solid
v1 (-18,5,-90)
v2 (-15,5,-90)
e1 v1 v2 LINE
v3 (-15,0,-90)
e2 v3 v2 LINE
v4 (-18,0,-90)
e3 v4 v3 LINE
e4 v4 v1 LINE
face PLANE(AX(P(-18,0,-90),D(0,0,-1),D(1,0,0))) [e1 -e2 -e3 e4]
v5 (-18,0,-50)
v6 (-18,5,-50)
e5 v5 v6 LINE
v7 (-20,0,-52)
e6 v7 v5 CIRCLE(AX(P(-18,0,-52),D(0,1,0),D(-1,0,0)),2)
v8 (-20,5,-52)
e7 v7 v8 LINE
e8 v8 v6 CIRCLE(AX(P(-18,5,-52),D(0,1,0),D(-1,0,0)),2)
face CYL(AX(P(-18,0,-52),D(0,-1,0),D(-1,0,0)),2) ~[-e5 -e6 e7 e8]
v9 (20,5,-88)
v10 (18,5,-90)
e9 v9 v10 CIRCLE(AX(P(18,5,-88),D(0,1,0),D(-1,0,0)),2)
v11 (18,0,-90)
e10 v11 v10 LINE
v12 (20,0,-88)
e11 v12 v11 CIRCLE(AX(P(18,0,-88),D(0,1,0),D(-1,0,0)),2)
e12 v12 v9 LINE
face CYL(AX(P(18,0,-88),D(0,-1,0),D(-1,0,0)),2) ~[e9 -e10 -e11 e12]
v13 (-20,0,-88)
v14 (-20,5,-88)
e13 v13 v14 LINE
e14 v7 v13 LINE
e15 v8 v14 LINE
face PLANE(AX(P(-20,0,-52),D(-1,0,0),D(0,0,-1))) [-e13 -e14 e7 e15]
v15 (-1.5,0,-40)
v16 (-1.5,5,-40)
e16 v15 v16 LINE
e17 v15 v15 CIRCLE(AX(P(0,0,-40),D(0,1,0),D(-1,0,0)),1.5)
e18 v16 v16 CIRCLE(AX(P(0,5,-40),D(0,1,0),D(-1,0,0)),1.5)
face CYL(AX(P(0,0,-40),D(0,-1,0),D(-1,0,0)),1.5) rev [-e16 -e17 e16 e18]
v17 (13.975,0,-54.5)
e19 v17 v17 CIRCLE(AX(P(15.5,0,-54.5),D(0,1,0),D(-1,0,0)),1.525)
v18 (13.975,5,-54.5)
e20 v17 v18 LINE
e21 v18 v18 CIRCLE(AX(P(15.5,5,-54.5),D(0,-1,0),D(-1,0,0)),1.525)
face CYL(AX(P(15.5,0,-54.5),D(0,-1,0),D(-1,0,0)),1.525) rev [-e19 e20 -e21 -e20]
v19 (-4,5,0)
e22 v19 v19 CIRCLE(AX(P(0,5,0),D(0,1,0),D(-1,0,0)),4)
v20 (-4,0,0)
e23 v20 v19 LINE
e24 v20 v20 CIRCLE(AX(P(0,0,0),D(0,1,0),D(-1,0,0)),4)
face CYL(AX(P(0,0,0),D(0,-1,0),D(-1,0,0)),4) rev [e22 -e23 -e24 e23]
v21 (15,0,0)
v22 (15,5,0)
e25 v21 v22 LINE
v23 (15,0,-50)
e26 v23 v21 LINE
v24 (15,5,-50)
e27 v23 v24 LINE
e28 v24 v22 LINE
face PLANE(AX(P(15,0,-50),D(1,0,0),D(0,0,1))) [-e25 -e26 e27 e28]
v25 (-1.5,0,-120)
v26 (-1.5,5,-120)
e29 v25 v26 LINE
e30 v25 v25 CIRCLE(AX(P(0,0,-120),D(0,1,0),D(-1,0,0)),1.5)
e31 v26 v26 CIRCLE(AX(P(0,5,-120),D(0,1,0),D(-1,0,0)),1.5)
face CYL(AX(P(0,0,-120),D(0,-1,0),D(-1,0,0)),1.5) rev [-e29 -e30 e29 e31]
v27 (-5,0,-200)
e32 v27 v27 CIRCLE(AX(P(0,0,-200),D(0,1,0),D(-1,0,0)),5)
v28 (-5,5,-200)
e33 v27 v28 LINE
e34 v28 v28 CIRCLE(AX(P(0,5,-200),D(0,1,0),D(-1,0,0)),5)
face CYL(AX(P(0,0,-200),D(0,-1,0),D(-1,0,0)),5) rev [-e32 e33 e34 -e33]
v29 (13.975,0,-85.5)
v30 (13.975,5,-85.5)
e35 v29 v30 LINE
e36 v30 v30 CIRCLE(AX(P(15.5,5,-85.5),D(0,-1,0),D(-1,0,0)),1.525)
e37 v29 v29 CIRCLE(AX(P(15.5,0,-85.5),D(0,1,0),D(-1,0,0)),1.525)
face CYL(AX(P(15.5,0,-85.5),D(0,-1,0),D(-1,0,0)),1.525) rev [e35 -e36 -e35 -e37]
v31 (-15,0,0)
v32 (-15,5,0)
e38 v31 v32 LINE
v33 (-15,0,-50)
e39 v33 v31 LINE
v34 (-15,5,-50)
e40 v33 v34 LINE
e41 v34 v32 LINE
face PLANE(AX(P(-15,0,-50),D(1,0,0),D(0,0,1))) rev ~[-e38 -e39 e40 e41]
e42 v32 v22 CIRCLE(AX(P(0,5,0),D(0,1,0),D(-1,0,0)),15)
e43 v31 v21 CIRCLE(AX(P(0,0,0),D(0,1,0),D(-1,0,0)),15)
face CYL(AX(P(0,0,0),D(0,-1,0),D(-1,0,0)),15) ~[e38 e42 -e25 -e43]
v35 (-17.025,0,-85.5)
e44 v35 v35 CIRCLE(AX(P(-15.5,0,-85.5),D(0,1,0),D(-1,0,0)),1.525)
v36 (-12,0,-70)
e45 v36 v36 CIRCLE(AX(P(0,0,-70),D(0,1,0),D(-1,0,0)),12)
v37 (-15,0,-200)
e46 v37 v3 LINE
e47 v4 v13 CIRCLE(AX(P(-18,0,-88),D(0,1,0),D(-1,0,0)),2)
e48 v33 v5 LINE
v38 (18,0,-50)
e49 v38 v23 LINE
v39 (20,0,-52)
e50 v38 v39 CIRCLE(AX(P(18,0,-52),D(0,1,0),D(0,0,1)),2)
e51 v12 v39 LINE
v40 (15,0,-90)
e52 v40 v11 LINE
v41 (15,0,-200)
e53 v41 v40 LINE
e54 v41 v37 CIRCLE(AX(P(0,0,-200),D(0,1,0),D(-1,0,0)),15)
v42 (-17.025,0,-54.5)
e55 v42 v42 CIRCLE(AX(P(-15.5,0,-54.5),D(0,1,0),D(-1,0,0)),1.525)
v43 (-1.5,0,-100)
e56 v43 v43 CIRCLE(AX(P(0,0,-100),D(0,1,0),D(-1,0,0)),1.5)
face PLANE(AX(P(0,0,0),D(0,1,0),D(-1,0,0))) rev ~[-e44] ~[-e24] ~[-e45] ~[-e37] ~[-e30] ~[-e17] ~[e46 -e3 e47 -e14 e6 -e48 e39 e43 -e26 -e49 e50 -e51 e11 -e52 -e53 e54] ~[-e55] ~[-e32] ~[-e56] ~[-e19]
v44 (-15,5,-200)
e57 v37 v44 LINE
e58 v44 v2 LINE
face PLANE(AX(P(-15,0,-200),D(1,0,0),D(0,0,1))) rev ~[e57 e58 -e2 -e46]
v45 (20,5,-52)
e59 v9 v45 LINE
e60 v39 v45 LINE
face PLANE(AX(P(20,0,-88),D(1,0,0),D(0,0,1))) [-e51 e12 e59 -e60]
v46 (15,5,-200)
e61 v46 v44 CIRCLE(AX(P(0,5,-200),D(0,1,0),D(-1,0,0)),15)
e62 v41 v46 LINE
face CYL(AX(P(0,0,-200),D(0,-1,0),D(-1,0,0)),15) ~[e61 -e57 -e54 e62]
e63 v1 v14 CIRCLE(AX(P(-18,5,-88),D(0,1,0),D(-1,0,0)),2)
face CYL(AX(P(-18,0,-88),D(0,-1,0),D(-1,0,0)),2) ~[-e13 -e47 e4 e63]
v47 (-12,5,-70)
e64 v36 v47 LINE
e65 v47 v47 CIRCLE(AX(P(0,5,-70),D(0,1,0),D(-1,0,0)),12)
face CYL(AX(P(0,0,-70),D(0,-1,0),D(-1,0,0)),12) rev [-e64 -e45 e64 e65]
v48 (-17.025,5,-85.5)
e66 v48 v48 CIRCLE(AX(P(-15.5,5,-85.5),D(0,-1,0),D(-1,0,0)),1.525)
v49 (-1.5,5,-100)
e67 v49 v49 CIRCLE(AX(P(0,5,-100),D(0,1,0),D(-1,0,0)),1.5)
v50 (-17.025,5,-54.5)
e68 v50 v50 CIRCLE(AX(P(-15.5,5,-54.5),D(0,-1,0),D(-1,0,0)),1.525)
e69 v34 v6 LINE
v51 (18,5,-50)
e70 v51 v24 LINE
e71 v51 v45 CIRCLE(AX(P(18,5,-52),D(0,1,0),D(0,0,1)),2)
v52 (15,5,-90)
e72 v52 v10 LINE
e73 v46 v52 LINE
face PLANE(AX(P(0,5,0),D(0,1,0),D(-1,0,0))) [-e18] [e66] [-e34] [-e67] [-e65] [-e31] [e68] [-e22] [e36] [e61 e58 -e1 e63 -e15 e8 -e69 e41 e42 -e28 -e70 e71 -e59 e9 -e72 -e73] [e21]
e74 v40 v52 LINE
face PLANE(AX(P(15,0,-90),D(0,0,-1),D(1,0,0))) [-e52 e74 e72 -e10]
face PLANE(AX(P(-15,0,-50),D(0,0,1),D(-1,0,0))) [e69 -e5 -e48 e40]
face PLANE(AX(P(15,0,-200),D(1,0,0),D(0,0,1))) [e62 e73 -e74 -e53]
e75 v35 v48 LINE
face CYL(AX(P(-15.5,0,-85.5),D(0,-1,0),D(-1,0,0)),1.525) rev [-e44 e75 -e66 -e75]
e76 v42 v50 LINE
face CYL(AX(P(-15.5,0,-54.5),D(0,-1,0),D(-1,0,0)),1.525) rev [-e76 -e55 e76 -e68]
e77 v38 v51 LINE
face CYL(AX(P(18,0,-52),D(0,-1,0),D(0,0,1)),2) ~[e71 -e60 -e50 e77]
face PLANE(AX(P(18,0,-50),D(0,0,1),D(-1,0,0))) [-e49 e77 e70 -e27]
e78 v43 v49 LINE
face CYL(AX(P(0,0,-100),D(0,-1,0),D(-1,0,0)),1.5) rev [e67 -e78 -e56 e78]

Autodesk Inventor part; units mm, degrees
ref_plane "YZ Plane" through (0, 0, 0) normal (1, 0, 0) x (0, 1, 0)
ref_plane "XZ Plane" through (0, 0, 0) normal (0, 1, 0) x (-1, 0, 0)
ref_plane "XY Plane" through (0, 0, 0) normal (0, 0, 1) x (1, 0, 0)
sketch "Sketch1" plane through (0, 0, 0) normal (0, 1, 0) x (-1, 0, 0)
  circle A0 centre (0, 0) radius 15
  circle A1 centre (0, -200) radius 15
  line L0 (-15, -200) -> (-15, 0)
  line L1 (15, -200) -> (15, 0)
  line L2 (-18, -50) -> (18, -50)
  line L3 (20, -52) -> (20, -90)
  line L4 (20, -90) -> (-20, -90)
  line L5 (-20, -90) -> (-20, -52)
  line L6 (-20, -50) -> (20, -90) construction
  line L7 (20, -50) -> (-20, -90) construction
  circle A2 centre (-15.5, -85.5) radius 1.525
  circle A3 centre (-15.5, -54.5) radius 1.525
  circle A4 centre (15.5, -85.5) radius 1.525
  circle A5 centre (15.5, -54.5) radius 1.525
  circle A6 centre (0, -200) radius 5
  circle A7 centre (0, 0) radius 4
  circle A8 centre (0, -100) radius 1.5
  arc A9 (-18, -50) -> (-20, -52) centre (-18, -52) ccw
  arc A10 (20, -52) -> (18, -50) centre (18, -52) ccw
  circle A11 centre (-18, -88) radius 2
  circle A12 centre (18, -88) radius 2
  circle A13 centre (0, -70) radius 12
  circle A14 centre (0, -120) radius 1.5
  circle A15 centre (0, -40) radius 1.5
  point P0 (0, -90)
  point P1 (-15, -50)
  point P2 (-20, -88)
  point P3 (-18, -90)
  point P4 (-15, -90)
  point P5 (15, -90)
  point P6 (18, -90)
  point P7 (20, -88)
  point P8 (15, -50)
  point P9 (0, -70)
  dimension "d0" = 30
  dimension "d1" = 30
  dimension "d2" = 200
  dimension "d3" = 40
  dimension "d4" = 40
  dimension "d5" = 50
  dimension "d6" = 3.05
  dimension "d7" = 3.05
  dimension "d8" = 3.05
  dimension "d9" = 3.05
  dimension "d10" = 31
  dimension "d11" = 4.5
  dimension "d12" = 4.5
  dimension "d14" = 31
  dimension "d15" = 10
  dimension "d16" = 8
  dimension "d17" = 3
  dimension "d21" = 2
  dimension "d22" = 2
  dimension "d23" = 4
  dimension "d24" = 4
  dimension "d25" = 24
  dimension "d28" = 100
  dimension "d29" = 3
  dimension "d30" = 20
  dimension "d31" = 3
  dimension "d33" = 40
extrude "Extrusion1" add sketch "Sketch1" along normal blind 5 contours A0 | L1 L2 L0 A0 | L2 A10 L3 A12 L4 L1 A4 A5 | L1 A5 A4 L4 L0 A2 A3 L2 | L0 A3 A2 L4 A11 L5 A9 L2 | A12 | A11 | L1 A1 L0 L4 | A1
properties part number "Tess"
